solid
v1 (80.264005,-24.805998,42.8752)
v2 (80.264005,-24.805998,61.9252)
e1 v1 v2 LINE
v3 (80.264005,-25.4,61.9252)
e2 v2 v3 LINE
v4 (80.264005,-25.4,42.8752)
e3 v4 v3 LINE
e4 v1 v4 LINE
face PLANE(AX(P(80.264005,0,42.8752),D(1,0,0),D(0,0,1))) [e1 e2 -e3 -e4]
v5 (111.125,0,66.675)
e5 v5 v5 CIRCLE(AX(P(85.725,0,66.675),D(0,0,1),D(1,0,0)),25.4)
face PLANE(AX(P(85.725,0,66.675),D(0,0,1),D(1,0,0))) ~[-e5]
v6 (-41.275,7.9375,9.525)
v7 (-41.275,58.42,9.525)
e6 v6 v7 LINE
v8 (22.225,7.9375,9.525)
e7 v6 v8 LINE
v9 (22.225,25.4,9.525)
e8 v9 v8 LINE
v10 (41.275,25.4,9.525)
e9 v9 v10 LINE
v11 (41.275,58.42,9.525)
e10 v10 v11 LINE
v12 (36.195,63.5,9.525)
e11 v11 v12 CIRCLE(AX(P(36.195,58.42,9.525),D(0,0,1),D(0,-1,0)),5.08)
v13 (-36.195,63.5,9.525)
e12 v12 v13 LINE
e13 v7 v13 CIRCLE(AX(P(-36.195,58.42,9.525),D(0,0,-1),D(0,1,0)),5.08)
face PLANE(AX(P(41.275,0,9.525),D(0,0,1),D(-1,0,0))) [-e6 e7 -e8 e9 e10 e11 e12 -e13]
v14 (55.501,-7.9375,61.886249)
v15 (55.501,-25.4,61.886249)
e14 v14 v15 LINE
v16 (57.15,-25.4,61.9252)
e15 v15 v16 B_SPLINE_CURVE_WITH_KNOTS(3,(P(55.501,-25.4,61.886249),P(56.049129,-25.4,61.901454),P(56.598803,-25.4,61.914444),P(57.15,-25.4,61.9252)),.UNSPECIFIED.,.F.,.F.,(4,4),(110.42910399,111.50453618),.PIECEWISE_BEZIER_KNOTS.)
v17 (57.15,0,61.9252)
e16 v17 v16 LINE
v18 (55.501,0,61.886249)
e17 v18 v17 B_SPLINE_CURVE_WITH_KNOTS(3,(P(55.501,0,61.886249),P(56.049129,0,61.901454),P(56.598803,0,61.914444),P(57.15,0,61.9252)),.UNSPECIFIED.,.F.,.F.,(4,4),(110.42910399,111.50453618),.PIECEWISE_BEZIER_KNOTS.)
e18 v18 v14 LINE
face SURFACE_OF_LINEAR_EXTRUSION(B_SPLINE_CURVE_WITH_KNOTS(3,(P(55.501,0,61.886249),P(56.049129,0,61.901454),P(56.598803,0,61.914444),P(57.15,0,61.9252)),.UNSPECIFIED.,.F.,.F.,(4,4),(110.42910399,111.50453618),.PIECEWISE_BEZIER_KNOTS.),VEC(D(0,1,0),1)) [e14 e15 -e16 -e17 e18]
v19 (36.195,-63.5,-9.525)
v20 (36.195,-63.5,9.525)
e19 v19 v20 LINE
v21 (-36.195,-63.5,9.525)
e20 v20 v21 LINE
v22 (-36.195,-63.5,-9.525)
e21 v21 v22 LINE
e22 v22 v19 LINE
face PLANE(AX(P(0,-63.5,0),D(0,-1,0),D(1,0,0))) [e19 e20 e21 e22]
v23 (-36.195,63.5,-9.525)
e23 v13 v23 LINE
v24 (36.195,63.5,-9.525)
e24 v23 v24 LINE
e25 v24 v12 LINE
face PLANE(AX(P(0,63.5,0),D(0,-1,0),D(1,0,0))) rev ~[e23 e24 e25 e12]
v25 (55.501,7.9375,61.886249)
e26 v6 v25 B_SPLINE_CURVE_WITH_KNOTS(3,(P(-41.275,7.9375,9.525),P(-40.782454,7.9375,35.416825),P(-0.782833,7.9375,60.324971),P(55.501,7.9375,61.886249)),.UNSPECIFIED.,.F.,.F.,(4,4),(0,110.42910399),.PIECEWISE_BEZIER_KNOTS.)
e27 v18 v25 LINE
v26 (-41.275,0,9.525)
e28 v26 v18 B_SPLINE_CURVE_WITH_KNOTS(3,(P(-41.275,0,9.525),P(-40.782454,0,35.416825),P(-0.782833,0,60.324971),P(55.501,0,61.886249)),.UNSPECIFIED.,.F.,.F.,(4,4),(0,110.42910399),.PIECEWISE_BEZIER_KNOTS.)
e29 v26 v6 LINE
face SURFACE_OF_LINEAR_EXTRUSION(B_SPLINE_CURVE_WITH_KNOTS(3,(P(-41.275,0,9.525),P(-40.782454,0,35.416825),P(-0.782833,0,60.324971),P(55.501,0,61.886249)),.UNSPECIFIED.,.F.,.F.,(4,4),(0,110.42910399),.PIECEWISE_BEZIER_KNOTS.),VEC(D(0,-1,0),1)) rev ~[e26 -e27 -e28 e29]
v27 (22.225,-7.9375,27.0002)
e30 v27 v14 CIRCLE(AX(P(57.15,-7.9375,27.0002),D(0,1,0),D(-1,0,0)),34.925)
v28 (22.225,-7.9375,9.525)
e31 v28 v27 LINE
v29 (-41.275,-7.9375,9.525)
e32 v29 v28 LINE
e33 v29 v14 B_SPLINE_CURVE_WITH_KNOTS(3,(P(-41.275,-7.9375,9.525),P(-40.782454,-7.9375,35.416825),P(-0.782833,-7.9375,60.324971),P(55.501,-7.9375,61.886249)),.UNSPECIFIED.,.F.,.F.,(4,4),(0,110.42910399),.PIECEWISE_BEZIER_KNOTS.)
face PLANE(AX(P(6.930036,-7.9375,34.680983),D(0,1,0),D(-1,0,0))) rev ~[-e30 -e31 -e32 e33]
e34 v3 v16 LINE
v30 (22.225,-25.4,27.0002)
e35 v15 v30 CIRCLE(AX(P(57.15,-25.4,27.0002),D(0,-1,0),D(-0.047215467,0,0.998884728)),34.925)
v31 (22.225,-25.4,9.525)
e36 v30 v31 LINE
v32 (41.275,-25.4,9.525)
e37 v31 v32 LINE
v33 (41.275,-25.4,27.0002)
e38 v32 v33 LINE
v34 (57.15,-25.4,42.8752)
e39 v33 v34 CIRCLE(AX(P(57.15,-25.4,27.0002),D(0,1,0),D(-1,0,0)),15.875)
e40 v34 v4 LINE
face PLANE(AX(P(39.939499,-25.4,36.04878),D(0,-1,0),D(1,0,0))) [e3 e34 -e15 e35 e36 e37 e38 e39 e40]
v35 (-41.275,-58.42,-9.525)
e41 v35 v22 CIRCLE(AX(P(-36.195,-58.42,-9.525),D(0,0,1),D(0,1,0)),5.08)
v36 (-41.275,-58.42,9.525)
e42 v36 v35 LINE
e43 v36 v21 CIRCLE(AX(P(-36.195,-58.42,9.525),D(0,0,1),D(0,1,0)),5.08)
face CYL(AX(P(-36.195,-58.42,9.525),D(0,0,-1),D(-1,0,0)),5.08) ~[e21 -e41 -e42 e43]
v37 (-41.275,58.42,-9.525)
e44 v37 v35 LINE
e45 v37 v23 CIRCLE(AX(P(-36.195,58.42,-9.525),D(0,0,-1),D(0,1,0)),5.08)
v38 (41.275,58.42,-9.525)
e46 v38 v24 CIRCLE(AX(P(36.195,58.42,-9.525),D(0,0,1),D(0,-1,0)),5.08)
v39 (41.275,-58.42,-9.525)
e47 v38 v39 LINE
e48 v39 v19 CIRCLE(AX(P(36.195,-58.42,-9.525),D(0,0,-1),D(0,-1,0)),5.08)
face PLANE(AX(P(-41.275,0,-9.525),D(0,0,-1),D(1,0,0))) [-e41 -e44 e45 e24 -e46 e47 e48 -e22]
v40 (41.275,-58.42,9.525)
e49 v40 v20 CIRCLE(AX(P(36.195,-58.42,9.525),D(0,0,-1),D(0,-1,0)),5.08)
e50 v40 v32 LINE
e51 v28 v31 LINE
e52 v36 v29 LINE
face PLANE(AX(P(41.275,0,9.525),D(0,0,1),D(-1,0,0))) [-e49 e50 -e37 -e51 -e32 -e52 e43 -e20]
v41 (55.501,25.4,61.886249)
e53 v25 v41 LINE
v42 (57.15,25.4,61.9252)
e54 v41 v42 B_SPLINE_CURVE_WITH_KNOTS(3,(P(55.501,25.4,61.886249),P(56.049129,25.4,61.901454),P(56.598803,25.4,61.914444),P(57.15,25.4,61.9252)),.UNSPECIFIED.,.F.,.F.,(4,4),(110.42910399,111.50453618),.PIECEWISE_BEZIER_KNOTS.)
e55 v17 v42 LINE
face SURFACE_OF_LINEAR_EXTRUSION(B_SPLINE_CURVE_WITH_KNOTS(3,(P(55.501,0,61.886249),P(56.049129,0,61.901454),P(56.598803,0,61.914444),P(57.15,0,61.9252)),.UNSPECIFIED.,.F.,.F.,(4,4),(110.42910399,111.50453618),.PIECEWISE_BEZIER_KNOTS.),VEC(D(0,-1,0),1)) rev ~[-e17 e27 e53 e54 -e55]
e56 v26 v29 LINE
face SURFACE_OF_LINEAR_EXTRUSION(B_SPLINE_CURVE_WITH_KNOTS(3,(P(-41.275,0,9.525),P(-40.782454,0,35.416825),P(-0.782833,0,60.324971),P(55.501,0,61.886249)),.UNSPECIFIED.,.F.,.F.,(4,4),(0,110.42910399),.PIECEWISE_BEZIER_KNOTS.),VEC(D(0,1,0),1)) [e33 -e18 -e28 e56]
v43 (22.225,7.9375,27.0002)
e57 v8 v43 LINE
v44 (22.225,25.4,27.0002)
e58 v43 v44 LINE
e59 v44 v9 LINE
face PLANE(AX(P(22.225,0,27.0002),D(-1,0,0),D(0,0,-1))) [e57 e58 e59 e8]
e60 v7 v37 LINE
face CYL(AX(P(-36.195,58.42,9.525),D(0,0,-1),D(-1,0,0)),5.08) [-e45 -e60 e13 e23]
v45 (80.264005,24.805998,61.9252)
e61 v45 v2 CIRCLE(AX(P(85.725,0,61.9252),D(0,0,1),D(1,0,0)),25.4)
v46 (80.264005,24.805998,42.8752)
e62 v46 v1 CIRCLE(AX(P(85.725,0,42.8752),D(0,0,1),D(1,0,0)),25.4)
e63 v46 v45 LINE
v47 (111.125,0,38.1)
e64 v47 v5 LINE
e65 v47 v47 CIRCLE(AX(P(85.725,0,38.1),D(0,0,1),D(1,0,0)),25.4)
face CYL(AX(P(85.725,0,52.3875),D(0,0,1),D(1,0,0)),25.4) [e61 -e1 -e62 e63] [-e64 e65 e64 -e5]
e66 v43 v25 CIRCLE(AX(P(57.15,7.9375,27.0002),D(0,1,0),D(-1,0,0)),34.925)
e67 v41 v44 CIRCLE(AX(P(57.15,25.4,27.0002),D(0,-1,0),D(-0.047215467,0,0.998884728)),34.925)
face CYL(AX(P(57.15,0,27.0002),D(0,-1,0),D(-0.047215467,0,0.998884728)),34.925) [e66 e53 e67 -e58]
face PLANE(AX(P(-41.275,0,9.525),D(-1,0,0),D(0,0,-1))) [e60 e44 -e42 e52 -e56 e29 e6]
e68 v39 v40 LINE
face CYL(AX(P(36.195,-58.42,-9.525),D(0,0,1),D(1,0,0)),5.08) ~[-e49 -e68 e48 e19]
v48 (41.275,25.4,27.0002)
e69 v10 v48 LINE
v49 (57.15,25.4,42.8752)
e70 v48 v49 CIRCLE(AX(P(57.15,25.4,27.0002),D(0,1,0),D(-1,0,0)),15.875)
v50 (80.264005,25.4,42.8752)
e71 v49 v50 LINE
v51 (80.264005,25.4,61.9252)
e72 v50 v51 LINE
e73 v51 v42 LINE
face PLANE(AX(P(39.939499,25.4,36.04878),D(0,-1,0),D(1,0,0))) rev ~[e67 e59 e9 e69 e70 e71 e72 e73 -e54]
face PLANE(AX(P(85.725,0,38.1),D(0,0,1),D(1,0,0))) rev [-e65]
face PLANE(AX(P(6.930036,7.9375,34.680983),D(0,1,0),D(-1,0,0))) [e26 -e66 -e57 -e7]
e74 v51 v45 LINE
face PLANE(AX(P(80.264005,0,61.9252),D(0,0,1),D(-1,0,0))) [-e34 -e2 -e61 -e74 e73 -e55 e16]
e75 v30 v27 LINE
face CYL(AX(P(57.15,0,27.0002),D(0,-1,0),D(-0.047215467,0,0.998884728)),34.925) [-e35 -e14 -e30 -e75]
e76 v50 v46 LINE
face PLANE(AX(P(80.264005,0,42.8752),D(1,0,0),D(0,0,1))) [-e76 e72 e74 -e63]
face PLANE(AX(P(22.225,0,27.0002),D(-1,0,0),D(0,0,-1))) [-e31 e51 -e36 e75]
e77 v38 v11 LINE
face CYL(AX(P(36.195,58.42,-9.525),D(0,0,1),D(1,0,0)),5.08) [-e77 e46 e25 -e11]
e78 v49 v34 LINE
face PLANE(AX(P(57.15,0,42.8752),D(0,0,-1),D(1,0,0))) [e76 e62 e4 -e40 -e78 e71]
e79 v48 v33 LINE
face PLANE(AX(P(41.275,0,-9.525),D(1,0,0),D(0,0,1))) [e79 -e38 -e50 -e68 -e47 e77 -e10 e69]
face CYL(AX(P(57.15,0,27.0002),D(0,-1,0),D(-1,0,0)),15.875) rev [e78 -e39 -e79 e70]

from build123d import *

# Parameters (mm, degrees)
F1_DEPTH = 63.5
F0_W     = 19.9390054388
F0_H     = 19.0500000358
F2_DEPTH = 25.4
F3_DEPTH = 7.9375
F0_W_2   = 25.4
F0_H_2   = 28.575
F5_R     = 5.08


with BuildPart() as f1:
    # F0 (on Front) → F1 (new body, symmetric)
    with BuildSketch(Plane.XZ):
        Polygon((22.2249999642, 9.525), (-41.275, 9.525), (-41.275, -9.525), (41.275, -9.525), (41.275, 9.525), align=None)
    extrude(amount=F1_DEPTH, both=True)

    # F0 (on Front) → F2 (join, symmetric)
    with BuildSketch(Plane.XZ):
        with BuildLine():
            Line((22.2249999642, 27.0002), (22.2249999642, 9.525))
            Line((22.2249999642, 9.525), (41.275, 9.525))
            Line((41.275, 9.525), (41.275, 27.0002))
            ThreePointArc((41.275, 27.0002), (45.9246798487, 38.2255201513), (57.15, 42.8752))
            Line((57.15, 42.8752), (60.325, 42.8752))
            Line((60.325, 42.8752), (60.325, 61.9252000358))
            Line((60.325, 61.9252000358), (57.15, 61.9252000358))
            add(Edge.make_bspline(
                [(55.5009997986, 61.8862491577), (56.0491292612, 61.9014539237), (56.5988031448, 61.9144444348), (57.15, 61.9252000358)],
                knots=[110.4291039898, 110.4291039898, 110.4291039898, 110.4291039898, 111.5045361803, 111.5045361803, 111.5045361803, 111.5045361803], degree=3))
            ThreePointArc((55.5009997986, 61.8862491577), (31.8780099756, 51.1058455566), (22.2249999642, 27.0002))
        make_face()
        with Locations((70.2945027194, 52.4002000179)):
            Rectangle(F0_W, F0_H)
    extrude(amount=F2_DEPTH, both=True)

    # F0 (on Front) → F3 (join, symmetric)
    with BuildSketch(Plane.XZ):
        with BuildLine():
            add(Edge.make_bspline(
                [(-41.275, 9.525), (-40.7824539229, 35.4168247644), (-0.7828328366, 60.3249711005), (55.5009997986, 61.8862491577)],
                knots=[0, 0, 0, 0, 110.4291039898, 110.4291039898, 110.4291039898, 110.4291039898], degree=3))
            Line((-41.275, 9.525), (22.2249999642, 9.525))
            Line((22.2249999642, 9.525), (22.2249999642, 27.0002))
            ThreePointArc((22.2249999642, 27.0002), (31.8780099756, 51.1058455566), (55.5009997986, 61.8862491577))
        make_face()
    extrude(amount=F3_DEPTH, both=True)

    # F0 (on Front) → F4 (revolve)
    with BuildSketch(Plane.XZ):
        with Locations((98.425, 52.3875)):
            Rectangle(F0_W_2, F0_H_2)
    revolve(axis=Axis((85.725, 0, 52.3875), (0, 0, 1)))

    # F5
    f5_edges = [f1.edges().sort_by_distance(p)[0] for p in [
        (-41.275, -63.5, 0),
        (41.275, -63.5, 0),
        (41.275, 63.5, 0),
        (-41.275, 63.5, 0),
    ]]
    fillet(f5_edges, radius=F5_R)


solid = f1.part
